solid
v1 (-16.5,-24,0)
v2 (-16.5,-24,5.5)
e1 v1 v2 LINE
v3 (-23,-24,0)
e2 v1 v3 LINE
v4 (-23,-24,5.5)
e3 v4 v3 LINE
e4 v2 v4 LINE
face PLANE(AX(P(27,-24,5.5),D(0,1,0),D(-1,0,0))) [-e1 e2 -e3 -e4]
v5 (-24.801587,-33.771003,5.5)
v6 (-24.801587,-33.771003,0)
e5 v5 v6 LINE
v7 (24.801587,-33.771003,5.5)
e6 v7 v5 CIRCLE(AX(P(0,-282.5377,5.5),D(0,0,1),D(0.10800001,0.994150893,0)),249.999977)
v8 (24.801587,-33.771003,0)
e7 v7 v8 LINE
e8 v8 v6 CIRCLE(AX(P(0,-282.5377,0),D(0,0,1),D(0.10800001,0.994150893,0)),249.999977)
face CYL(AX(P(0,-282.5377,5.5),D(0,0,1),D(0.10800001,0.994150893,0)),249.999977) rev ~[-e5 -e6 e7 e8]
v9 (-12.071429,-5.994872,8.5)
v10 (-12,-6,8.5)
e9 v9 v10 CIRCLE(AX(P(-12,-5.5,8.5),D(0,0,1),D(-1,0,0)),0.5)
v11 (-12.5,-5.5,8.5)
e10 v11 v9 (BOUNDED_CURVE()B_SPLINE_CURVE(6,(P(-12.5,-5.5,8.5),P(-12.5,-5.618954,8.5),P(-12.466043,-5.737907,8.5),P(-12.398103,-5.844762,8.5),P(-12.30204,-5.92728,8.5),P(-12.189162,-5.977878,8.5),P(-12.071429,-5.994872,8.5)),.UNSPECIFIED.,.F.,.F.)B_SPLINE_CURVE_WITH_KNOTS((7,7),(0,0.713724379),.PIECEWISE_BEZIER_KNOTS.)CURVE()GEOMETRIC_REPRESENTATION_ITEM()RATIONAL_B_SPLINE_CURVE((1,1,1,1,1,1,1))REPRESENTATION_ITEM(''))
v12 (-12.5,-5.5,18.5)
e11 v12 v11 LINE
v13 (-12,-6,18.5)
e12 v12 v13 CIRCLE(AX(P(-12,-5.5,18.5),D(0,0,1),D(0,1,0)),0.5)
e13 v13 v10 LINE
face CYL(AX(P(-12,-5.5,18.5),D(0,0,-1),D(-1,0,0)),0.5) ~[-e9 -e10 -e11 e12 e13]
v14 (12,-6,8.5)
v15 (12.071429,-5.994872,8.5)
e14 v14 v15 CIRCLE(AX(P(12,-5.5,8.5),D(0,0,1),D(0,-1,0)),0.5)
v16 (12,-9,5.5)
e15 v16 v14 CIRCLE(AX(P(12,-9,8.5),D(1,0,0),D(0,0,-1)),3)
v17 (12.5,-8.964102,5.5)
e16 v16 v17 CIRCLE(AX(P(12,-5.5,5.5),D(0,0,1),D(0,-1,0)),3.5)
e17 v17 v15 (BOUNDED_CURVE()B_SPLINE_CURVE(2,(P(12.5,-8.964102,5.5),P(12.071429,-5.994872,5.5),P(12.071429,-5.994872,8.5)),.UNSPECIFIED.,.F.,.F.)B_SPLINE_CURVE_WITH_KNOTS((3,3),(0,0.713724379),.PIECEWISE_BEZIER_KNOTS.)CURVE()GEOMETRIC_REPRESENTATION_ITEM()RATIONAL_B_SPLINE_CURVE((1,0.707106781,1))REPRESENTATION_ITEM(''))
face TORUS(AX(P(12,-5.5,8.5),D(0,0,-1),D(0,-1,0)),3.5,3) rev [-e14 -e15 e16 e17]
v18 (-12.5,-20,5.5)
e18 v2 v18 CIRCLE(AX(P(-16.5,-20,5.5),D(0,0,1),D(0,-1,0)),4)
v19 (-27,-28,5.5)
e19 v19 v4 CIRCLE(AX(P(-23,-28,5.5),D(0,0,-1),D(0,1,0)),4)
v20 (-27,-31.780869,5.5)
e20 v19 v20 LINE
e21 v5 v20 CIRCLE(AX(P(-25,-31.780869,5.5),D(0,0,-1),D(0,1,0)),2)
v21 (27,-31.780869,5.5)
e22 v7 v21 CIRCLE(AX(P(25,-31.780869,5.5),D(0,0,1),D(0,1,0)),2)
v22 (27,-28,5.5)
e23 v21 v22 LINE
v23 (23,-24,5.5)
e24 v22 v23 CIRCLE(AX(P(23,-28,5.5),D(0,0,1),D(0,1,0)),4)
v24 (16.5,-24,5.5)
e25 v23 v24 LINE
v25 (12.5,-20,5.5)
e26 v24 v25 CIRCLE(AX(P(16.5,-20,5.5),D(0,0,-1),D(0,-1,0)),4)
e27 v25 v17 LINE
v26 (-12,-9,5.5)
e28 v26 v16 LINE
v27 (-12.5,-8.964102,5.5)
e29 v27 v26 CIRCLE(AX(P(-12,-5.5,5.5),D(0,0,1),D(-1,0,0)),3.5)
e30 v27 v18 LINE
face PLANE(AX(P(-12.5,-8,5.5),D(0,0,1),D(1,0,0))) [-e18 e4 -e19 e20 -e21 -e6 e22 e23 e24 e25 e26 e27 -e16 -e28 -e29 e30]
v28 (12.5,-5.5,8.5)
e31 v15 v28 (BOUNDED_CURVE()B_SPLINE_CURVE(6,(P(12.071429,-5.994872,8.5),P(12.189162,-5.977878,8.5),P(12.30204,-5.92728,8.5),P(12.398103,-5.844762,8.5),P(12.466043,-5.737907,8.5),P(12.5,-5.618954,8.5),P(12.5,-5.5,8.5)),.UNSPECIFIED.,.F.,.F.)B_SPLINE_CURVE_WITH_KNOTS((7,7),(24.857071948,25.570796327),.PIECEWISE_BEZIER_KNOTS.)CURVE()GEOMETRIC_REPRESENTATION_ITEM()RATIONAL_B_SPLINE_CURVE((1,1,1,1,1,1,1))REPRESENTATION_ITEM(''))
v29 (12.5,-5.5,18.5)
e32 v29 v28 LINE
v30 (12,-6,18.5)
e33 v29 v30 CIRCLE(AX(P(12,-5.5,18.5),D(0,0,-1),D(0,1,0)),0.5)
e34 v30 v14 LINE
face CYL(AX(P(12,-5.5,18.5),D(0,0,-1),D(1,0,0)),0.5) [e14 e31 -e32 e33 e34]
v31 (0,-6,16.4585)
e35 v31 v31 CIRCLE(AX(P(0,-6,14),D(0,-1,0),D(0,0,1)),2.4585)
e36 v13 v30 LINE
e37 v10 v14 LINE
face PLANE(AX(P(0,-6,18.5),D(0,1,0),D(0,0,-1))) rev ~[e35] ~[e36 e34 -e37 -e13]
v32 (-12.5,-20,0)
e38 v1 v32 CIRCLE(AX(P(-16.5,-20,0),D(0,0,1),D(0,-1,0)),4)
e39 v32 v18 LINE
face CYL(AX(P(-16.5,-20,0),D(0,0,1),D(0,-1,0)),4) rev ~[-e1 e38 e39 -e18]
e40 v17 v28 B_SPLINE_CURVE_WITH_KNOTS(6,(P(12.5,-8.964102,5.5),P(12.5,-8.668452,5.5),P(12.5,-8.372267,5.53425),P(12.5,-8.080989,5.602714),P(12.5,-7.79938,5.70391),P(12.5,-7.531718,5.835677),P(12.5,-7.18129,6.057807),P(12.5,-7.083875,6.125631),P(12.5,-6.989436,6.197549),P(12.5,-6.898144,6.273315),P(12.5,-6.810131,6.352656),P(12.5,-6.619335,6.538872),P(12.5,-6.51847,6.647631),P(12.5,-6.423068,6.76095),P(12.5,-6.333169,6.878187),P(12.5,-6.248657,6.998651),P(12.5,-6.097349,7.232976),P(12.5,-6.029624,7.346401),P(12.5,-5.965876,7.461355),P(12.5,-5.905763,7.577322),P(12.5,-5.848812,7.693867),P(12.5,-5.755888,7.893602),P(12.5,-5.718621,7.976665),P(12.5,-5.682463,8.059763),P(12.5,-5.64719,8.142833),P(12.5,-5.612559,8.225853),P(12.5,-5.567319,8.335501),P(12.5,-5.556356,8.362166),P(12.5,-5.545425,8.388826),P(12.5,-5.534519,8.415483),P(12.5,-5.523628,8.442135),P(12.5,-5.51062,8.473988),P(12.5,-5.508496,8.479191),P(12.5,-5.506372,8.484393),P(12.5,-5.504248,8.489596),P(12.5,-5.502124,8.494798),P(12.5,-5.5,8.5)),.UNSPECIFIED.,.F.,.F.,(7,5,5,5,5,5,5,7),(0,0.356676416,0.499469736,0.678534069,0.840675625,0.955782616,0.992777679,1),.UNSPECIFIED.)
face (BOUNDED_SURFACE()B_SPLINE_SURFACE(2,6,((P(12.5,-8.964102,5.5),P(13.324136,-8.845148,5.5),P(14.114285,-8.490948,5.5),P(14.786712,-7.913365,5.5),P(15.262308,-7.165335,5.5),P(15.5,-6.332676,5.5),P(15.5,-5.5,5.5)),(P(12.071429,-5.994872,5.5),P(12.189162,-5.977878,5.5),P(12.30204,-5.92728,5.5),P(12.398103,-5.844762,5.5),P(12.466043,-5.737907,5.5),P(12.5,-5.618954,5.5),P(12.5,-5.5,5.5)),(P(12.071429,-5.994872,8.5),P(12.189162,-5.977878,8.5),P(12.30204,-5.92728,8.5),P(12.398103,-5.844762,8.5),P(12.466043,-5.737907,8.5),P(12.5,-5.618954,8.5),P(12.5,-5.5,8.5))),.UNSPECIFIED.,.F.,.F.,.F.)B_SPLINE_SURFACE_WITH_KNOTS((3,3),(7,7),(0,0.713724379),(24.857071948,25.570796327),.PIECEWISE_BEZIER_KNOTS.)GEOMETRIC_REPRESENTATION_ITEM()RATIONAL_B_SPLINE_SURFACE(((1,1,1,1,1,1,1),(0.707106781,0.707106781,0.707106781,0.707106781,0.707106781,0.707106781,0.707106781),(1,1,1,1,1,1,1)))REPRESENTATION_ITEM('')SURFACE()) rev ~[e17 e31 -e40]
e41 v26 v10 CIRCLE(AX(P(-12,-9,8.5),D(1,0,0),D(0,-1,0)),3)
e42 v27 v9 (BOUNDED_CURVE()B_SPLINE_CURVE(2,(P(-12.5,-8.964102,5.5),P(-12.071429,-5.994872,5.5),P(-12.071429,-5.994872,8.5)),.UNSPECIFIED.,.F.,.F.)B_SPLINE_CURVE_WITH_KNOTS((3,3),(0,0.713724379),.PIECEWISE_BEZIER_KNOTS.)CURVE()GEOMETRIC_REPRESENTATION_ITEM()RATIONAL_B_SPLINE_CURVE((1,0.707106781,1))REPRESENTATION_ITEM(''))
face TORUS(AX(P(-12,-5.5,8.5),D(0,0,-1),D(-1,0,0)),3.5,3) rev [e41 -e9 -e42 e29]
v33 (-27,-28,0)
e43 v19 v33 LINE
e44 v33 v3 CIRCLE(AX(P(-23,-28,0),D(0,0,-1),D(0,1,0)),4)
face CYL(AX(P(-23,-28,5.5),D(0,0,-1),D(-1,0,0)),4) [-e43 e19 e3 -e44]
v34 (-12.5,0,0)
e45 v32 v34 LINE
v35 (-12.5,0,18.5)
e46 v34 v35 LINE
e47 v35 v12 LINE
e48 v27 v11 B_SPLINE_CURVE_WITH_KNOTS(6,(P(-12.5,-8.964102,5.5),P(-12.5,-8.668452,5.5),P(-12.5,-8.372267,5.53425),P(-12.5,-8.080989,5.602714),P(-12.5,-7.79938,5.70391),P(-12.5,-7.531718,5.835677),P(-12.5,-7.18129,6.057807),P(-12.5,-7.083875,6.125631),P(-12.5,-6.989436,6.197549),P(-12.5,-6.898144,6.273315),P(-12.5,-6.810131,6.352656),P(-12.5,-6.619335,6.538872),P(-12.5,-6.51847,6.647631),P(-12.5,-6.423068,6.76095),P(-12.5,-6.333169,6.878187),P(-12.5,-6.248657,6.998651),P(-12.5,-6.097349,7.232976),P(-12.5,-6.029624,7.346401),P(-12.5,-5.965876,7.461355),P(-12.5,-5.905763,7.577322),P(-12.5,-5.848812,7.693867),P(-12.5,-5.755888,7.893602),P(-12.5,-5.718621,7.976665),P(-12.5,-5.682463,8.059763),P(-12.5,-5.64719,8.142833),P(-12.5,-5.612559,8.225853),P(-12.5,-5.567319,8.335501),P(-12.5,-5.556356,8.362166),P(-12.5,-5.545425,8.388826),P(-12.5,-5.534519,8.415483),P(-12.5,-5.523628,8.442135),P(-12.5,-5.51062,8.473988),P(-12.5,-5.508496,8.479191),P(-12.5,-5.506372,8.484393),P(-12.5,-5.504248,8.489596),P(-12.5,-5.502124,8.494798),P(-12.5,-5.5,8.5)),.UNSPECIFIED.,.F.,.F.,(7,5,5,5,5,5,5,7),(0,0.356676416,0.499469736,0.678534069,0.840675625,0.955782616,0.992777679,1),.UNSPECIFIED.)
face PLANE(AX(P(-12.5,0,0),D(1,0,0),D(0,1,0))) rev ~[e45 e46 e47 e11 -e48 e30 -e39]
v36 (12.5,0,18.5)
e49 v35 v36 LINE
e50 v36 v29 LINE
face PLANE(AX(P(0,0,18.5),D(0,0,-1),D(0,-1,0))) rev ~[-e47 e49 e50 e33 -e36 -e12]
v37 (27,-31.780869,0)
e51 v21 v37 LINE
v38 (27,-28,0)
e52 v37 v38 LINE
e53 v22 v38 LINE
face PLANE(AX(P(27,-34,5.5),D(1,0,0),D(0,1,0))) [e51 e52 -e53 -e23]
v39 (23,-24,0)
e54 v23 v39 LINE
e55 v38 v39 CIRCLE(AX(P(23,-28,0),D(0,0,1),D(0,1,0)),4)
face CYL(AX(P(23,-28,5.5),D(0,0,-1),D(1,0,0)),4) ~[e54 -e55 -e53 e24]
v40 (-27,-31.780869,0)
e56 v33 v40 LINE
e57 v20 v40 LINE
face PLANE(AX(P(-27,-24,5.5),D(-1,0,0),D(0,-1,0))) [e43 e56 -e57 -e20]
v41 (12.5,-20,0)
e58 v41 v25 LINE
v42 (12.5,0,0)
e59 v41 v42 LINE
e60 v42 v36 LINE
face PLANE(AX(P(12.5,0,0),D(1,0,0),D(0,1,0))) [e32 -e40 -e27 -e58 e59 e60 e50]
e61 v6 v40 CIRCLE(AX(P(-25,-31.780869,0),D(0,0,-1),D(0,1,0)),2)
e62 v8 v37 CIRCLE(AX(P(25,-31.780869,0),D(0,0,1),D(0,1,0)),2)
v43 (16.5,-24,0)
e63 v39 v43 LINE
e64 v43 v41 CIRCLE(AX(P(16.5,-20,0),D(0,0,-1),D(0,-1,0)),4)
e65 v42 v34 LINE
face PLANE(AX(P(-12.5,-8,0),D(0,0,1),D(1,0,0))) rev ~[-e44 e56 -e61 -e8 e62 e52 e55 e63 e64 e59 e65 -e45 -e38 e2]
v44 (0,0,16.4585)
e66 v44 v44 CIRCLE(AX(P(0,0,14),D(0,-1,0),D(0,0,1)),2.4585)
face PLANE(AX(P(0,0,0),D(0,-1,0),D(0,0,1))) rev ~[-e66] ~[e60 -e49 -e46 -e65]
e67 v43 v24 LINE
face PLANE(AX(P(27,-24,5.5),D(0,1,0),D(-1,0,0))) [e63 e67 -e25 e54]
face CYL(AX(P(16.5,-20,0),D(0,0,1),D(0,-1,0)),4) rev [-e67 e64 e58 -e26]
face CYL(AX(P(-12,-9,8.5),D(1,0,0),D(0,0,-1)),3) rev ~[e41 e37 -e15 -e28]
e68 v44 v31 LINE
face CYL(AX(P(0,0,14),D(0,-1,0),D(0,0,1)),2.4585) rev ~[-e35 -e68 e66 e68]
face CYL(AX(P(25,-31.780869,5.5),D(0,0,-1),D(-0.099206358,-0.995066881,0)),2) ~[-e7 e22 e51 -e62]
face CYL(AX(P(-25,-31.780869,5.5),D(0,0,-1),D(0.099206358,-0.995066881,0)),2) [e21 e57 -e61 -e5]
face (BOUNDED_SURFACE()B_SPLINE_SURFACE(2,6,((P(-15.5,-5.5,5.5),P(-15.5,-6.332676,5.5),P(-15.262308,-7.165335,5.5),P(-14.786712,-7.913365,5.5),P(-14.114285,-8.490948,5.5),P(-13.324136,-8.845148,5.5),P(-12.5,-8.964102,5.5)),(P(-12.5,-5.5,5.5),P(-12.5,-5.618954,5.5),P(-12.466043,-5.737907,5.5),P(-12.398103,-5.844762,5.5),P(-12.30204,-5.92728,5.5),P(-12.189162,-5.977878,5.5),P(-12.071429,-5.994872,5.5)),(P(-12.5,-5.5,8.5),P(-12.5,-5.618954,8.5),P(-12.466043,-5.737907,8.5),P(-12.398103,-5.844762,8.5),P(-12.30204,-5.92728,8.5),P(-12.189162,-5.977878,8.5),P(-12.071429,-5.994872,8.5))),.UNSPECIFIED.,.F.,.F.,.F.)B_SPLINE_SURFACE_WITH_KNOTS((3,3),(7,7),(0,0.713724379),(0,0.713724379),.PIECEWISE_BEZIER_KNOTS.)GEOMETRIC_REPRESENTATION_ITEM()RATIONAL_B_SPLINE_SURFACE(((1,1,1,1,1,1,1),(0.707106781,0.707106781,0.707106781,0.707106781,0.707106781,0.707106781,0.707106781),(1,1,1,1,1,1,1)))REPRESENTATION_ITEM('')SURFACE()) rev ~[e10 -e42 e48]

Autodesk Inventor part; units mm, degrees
ref_plane "YZ Plane" through (0, 0, 0) normal (1, 0, 0) x (0, 1, 0)
ref_plane "XZ Plane" through (0, 0, 0) normal (0, 1, 0) x (-1, 0, 0)
ref_plane "XY Plane" through (0, 0, 0) normal (0, 0, 1) x (1, 0, 0)
sketch "Skizze1" plane through (0, 0, 0) normal (1, 0, 0) x (0, 1, 0)
  line L0 (0, 18.5) -> (-6, 18.5)
  line L1 (-6, 18.5) -> (-6, 5.5)
  line L2 (-24, 0) -> (0, 0)
  line L3 (0, 0) -> (0, 18.5)
  line L4 (-24, 0) -> (-24, 5.5)
  line L5 (-24, 5.5) -> (-6, 5.5)
  dimension "d0" = 18.5
  dimension "d1" = 6
  dimension "d2" = 5.5
  dimension "d3" = 24
extrude "Extrusion1" add sketch "Skizze1" along normal mid plane 25
sketch "Skizze2" plane through (-12.5, 0, 18.5) normal (0, 1, 0) x (1, 0, 0)
  line L0 (25, 18.5) -> (25, 0) projected
  line L1 (25, 18.5) -> (0, 18.5) projected
  line L2 (0, 0) -> (0, 18.5) projected
  line L3 (0, 0) -> (25, 0) construction
  line L4 (12.5, 0) -> (12.5, 18.5) construction
  line L5 (0, 0) -> (25, 0) projected
  point P0 (12.5, 4.5)
hole "Bohrung1" at (0, 0, 14) direction (0, -1, 0) diameter 4.917 end through all thread size "M6x1" class "6H" standard "ANSI Metric M Profile"
chamfer "Fase1" [suppressed]
fillet "Rundung1" radius 0.5 2 edges at (12.5, -6, 12) (-12.5, -6, 12)
fillet "Rundung2" [suppressed]
sketch "Skizze5" plane through (-12.5, 0, 18.5) normal (0, 1, 0) x (1, 0, 0)
  line L0 (25, 18.5) -> (0, 18.5) projected
  line L1 (0, 0) -> (0, 18.5) projected
  line L2 (25, 18.5) -> (0, 18.5)
  line L3 (0, 18.5) -> (0, 13)
  line L4 (0, 13) -> (25, 13)
  line L5 (25, 13) -> (25, 18.5)
  line L6 (25, 13) -> (25, 18.5) projected
  line L7 (0, 18.5) -> (0, 13) projected
  line L8 (0, 18.5) -> (25, 18.5) projected
  line L9 (0, 13) -> (25, 13) projected
  point P0 (12.5, 18.5)
  point P1 (1, 16.5)
  point P2 (24, 16.5)
sketch "Sketch7" plane through (-12.5, -8, 5.5) normal (0, 0, 1) x (1, 0, 0)
  line L0 (25, 8) -> (0, 8) projected
  line L1 (-14.5, -26) -> (39.5, -26) construction
  line L2 (39.5, -26) -> (39.5, -16)
  line L3 (39.5, -16) -> (-14.5, -16)
  line L4 (-14.5, -16) -> (-14.5, -26)
  line L5 (10.0415, 8) -> (14.9585, 8) construction
  line L6 (12.5, 8) -> (12.5, -16) construction
  arc A0 (39.5, -26) -> (-14.5, -26) centre (12.5, -274.5377) ccw
  dimension "d44" = 54
  dimension "d45" = 10
  dimension "d46" = 24
  dimension "d47" = 250
extrude "Extrusion2" add sketch "Sketch7" against normal up to surface (5.5 mm away) from surface at 0
fillet "Fillet3" radius 2 2 edges at (27, -34, 2.75) (-27, -34, 2.75)
fillet "Fillet3" radius 4 4 edges at (12.5, -24, 2.75) (-12.5, -24, 2.75) (27, -24, 2.75) (-27, -24, 2.75)
fillet "Fillet4" radius 3 1 edges at (0, -6, 5.5)
equation "\"d46\" = d3"
properties part number "Chip Kick Vorne" material "Steel, Carbon"
